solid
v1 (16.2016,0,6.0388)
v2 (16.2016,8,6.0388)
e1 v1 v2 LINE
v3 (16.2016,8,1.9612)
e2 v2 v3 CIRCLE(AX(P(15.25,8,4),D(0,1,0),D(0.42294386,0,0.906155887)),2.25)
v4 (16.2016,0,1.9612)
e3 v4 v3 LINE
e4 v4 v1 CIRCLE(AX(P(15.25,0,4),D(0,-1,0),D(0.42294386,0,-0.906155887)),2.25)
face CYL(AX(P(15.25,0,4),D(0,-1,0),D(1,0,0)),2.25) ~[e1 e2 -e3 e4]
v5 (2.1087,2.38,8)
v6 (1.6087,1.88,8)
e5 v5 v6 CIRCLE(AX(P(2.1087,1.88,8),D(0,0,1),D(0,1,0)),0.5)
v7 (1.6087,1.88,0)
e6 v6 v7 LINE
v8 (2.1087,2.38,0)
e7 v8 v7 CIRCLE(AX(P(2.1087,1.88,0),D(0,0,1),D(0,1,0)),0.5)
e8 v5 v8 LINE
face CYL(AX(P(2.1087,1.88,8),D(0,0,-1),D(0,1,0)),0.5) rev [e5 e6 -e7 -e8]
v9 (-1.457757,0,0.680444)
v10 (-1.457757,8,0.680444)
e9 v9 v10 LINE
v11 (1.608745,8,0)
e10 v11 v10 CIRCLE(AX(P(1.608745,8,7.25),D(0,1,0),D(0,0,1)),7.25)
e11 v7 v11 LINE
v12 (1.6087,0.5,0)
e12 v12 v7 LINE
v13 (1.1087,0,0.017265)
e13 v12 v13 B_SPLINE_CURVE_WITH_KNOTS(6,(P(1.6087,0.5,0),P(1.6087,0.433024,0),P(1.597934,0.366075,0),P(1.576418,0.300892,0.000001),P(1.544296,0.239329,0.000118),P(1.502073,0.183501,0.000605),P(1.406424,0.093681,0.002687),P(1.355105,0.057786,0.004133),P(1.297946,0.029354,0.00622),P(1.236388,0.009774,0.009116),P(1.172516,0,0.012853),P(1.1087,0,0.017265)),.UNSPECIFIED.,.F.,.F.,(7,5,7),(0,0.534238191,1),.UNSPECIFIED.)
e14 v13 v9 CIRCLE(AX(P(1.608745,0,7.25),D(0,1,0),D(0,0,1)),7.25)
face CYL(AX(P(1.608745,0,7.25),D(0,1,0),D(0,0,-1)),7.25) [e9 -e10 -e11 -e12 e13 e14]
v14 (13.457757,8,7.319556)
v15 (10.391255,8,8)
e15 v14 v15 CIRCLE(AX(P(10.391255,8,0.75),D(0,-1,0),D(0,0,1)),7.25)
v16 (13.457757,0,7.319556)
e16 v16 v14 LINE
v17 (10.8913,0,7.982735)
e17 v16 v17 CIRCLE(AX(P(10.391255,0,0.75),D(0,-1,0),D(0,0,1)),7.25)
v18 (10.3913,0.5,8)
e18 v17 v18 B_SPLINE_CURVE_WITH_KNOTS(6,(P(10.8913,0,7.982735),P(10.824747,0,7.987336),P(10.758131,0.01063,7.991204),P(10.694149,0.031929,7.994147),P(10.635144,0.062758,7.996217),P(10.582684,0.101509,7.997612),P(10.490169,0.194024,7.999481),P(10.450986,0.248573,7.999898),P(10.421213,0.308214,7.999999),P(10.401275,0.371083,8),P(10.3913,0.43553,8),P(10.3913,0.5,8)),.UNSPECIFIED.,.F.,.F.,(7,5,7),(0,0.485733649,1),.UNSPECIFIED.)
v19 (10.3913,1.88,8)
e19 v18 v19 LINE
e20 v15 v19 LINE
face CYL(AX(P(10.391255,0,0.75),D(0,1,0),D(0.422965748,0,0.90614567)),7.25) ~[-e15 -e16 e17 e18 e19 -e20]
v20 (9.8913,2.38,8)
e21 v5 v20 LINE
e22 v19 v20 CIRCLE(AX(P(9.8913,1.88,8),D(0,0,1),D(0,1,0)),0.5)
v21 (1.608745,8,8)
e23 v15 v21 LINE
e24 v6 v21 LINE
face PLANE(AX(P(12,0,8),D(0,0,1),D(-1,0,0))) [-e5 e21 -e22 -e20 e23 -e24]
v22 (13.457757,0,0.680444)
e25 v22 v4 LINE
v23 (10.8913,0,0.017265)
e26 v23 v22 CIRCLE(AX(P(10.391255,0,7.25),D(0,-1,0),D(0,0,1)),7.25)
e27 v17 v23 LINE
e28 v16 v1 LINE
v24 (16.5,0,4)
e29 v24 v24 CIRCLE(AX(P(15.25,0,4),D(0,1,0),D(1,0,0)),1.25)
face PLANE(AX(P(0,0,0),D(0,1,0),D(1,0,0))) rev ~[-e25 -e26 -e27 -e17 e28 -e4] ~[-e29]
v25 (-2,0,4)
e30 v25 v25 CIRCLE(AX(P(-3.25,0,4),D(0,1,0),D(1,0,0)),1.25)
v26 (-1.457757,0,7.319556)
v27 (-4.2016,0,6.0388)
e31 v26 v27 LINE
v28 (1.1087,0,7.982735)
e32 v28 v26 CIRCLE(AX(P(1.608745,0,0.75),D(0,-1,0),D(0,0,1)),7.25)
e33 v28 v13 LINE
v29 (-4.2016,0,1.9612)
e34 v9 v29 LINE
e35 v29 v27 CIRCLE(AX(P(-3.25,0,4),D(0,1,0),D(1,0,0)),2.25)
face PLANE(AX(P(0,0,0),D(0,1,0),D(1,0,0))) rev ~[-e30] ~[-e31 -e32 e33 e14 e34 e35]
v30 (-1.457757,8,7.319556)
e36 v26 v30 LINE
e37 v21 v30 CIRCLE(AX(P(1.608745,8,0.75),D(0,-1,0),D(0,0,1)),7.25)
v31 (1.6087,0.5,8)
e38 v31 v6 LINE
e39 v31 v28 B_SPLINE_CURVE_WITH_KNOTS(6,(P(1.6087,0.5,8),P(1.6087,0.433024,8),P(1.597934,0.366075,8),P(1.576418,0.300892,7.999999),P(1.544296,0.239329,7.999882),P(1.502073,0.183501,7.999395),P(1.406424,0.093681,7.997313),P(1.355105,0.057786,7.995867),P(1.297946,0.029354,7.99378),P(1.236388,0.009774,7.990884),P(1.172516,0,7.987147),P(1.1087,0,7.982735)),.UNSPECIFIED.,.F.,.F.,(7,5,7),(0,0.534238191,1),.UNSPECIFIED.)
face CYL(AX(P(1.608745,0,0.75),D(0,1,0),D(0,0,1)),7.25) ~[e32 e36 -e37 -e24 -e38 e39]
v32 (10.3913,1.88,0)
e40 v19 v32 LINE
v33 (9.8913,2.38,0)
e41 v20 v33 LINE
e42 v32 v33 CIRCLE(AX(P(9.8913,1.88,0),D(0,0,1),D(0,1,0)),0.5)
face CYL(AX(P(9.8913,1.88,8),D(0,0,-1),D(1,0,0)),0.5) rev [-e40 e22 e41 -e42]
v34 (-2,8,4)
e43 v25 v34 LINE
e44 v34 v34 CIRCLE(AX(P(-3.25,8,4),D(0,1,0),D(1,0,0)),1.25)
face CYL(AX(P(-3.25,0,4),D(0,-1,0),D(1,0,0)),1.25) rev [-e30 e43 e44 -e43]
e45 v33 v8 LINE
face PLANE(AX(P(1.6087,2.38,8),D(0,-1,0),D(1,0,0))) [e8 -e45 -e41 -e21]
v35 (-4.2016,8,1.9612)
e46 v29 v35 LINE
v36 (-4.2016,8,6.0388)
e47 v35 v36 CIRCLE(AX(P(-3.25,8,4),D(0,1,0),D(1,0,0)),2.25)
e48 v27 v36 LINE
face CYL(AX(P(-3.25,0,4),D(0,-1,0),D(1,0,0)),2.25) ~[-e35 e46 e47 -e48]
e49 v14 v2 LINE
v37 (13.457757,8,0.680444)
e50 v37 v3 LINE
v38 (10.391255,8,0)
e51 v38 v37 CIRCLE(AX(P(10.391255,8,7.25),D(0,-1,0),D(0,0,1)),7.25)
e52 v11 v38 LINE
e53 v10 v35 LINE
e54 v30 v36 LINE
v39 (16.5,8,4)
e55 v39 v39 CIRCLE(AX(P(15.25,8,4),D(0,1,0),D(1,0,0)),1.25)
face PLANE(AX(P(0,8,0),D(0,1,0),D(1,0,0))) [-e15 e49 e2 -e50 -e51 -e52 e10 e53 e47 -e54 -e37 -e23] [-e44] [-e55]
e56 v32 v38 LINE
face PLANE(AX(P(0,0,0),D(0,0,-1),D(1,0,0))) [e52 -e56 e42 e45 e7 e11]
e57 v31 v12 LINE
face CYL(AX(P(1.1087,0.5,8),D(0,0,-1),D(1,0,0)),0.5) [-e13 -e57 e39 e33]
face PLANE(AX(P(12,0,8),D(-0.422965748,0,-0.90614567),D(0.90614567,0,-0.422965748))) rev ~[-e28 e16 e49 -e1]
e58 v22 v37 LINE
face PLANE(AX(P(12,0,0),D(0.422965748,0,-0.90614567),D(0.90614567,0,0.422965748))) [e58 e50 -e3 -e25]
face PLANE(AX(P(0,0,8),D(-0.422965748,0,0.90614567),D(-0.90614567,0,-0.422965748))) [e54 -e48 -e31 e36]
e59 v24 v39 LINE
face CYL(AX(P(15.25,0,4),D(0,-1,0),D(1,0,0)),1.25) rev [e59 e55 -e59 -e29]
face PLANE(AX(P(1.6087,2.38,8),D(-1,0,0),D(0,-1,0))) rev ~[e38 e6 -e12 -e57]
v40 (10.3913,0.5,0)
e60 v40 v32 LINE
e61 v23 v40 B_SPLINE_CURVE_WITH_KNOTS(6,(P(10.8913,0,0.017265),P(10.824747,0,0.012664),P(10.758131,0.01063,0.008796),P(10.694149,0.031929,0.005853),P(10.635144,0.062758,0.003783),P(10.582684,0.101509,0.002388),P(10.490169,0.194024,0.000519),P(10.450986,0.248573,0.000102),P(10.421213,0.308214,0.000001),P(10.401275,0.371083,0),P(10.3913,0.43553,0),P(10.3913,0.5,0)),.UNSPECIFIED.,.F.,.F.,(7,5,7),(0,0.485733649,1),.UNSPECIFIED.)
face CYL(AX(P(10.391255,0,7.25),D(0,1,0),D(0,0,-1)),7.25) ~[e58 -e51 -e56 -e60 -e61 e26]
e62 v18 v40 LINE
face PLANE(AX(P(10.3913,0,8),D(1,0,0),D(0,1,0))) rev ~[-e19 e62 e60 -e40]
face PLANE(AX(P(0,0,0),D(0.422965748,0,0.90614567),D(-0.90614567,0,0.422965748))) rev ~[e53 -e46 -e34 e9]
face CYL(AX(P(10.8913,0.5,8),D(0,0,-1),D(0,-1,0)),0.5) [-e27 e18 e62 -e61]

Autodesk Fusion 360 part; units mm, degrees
sketch "Sketch1" plane through (0, 0, 0) normal (0, 1, 0) x (1, 0, 0) in component "CableClamp"
  line L0 (0, 0) -> (12, 0)
  line L1 (12, 0) -> (12, -8) construction
  line L2 (12, -8) -> (0, -8)
  line L3 (0, -8) -> (0, 0) construction
  circle A0 centre (15.25, -4) radius 1.25
  circle A1 centre (15.25, -4) radius 2.25
  line L4 (12, -4) -> (13, -4) construction
  line L5 (12, 0) -> (16.2016, -1.9612)
  line L6 (12, -8) -> (16.2016, -6.0388)
  circle A2 centre (-3.25, -4) radius 1.25
  circle A3 centre (-3.25, -4) radius 2.25
  line L7 (0, -4) -> (-1, -4) construction
  line L8 (0, -8) -> (-4.2016, -6.0388)
  line L9 (0, 0) -> (-4.2016, -1.9612)
  dimension "d5" = 12
  dimension "d6" = 8
  dimension "d7" = 2.5
  dimension "d10" = 1
  dimension "d11" = 1
  dimension "d12" = 2.5
  dimension "d13" = 1
  dimension "d14" = 1
extrude "Extrude1" add sketch "Sketch1" along normal blind 8 in component "CableClamp"
fillet "Fillet1" radius 7.25 4 edges at (0, 4, 0) (12, 4, 0) (12, 4, 8) (0, 4, 8) in component "CableClamp"
sketch "Sketch1 (1)" plane through (0, 0, 8) normal (0, 0, 1) x (1, 0, 0) in component "CableClamp"
  line L0 (1.6087, 8) -> (1.6087, 0)
  line L1 (1.6087, 0) -> (10.3913, 0)
  line L2 (10.3913, 0) -> (10.3913, 8)
  line L3 (10.3913, 8) -> (1.6087, 8)
  line L4 (1.6087, 2.38) -> (10.3913, 2.38)
  dimension "d31" = 2.38
extrude "Extrude2" cut sketch "Sketch1 (1)" against normal through all contours L0 L1 L2 L4 in component "CableClamp"
fillet "Fillet1'" radius 0.5 4 edges at (1.6087, 2.38, 4) (1.6087, 0, 4) (10.3913, 0, 4) (10.3913, 2.38, 4) in component "CableClamp"
component "CableClamp" placed x (1, 0, 0) y (0, 1, 0) z (0, 0, 1) at (0, 0, 0)
equation "width = 12 mm"
equation "height = 8 mm"
equation "screwHoleDiamerter = 2.5 mm"
equation "screwHoleWallThickness = 1 mm"
equation "d5 = width"
equation "d6 = height"
equation "d7 = screwHoleDiamerter"
equation "d10 = screwHoleWallThickness"
equation "d12 = screwHoleDiamerter"
equation "d13 = screwHoleWallThickness"
equation "thickness = 8 mm"
equation "d16 = thickness"
equation "cableDiameter = 3.4 mm"
equation "clampRatio = 0.7" comment "The closer to 0, the tighter the grip."
equation "d31 = cableDiameter * clampRatio"
